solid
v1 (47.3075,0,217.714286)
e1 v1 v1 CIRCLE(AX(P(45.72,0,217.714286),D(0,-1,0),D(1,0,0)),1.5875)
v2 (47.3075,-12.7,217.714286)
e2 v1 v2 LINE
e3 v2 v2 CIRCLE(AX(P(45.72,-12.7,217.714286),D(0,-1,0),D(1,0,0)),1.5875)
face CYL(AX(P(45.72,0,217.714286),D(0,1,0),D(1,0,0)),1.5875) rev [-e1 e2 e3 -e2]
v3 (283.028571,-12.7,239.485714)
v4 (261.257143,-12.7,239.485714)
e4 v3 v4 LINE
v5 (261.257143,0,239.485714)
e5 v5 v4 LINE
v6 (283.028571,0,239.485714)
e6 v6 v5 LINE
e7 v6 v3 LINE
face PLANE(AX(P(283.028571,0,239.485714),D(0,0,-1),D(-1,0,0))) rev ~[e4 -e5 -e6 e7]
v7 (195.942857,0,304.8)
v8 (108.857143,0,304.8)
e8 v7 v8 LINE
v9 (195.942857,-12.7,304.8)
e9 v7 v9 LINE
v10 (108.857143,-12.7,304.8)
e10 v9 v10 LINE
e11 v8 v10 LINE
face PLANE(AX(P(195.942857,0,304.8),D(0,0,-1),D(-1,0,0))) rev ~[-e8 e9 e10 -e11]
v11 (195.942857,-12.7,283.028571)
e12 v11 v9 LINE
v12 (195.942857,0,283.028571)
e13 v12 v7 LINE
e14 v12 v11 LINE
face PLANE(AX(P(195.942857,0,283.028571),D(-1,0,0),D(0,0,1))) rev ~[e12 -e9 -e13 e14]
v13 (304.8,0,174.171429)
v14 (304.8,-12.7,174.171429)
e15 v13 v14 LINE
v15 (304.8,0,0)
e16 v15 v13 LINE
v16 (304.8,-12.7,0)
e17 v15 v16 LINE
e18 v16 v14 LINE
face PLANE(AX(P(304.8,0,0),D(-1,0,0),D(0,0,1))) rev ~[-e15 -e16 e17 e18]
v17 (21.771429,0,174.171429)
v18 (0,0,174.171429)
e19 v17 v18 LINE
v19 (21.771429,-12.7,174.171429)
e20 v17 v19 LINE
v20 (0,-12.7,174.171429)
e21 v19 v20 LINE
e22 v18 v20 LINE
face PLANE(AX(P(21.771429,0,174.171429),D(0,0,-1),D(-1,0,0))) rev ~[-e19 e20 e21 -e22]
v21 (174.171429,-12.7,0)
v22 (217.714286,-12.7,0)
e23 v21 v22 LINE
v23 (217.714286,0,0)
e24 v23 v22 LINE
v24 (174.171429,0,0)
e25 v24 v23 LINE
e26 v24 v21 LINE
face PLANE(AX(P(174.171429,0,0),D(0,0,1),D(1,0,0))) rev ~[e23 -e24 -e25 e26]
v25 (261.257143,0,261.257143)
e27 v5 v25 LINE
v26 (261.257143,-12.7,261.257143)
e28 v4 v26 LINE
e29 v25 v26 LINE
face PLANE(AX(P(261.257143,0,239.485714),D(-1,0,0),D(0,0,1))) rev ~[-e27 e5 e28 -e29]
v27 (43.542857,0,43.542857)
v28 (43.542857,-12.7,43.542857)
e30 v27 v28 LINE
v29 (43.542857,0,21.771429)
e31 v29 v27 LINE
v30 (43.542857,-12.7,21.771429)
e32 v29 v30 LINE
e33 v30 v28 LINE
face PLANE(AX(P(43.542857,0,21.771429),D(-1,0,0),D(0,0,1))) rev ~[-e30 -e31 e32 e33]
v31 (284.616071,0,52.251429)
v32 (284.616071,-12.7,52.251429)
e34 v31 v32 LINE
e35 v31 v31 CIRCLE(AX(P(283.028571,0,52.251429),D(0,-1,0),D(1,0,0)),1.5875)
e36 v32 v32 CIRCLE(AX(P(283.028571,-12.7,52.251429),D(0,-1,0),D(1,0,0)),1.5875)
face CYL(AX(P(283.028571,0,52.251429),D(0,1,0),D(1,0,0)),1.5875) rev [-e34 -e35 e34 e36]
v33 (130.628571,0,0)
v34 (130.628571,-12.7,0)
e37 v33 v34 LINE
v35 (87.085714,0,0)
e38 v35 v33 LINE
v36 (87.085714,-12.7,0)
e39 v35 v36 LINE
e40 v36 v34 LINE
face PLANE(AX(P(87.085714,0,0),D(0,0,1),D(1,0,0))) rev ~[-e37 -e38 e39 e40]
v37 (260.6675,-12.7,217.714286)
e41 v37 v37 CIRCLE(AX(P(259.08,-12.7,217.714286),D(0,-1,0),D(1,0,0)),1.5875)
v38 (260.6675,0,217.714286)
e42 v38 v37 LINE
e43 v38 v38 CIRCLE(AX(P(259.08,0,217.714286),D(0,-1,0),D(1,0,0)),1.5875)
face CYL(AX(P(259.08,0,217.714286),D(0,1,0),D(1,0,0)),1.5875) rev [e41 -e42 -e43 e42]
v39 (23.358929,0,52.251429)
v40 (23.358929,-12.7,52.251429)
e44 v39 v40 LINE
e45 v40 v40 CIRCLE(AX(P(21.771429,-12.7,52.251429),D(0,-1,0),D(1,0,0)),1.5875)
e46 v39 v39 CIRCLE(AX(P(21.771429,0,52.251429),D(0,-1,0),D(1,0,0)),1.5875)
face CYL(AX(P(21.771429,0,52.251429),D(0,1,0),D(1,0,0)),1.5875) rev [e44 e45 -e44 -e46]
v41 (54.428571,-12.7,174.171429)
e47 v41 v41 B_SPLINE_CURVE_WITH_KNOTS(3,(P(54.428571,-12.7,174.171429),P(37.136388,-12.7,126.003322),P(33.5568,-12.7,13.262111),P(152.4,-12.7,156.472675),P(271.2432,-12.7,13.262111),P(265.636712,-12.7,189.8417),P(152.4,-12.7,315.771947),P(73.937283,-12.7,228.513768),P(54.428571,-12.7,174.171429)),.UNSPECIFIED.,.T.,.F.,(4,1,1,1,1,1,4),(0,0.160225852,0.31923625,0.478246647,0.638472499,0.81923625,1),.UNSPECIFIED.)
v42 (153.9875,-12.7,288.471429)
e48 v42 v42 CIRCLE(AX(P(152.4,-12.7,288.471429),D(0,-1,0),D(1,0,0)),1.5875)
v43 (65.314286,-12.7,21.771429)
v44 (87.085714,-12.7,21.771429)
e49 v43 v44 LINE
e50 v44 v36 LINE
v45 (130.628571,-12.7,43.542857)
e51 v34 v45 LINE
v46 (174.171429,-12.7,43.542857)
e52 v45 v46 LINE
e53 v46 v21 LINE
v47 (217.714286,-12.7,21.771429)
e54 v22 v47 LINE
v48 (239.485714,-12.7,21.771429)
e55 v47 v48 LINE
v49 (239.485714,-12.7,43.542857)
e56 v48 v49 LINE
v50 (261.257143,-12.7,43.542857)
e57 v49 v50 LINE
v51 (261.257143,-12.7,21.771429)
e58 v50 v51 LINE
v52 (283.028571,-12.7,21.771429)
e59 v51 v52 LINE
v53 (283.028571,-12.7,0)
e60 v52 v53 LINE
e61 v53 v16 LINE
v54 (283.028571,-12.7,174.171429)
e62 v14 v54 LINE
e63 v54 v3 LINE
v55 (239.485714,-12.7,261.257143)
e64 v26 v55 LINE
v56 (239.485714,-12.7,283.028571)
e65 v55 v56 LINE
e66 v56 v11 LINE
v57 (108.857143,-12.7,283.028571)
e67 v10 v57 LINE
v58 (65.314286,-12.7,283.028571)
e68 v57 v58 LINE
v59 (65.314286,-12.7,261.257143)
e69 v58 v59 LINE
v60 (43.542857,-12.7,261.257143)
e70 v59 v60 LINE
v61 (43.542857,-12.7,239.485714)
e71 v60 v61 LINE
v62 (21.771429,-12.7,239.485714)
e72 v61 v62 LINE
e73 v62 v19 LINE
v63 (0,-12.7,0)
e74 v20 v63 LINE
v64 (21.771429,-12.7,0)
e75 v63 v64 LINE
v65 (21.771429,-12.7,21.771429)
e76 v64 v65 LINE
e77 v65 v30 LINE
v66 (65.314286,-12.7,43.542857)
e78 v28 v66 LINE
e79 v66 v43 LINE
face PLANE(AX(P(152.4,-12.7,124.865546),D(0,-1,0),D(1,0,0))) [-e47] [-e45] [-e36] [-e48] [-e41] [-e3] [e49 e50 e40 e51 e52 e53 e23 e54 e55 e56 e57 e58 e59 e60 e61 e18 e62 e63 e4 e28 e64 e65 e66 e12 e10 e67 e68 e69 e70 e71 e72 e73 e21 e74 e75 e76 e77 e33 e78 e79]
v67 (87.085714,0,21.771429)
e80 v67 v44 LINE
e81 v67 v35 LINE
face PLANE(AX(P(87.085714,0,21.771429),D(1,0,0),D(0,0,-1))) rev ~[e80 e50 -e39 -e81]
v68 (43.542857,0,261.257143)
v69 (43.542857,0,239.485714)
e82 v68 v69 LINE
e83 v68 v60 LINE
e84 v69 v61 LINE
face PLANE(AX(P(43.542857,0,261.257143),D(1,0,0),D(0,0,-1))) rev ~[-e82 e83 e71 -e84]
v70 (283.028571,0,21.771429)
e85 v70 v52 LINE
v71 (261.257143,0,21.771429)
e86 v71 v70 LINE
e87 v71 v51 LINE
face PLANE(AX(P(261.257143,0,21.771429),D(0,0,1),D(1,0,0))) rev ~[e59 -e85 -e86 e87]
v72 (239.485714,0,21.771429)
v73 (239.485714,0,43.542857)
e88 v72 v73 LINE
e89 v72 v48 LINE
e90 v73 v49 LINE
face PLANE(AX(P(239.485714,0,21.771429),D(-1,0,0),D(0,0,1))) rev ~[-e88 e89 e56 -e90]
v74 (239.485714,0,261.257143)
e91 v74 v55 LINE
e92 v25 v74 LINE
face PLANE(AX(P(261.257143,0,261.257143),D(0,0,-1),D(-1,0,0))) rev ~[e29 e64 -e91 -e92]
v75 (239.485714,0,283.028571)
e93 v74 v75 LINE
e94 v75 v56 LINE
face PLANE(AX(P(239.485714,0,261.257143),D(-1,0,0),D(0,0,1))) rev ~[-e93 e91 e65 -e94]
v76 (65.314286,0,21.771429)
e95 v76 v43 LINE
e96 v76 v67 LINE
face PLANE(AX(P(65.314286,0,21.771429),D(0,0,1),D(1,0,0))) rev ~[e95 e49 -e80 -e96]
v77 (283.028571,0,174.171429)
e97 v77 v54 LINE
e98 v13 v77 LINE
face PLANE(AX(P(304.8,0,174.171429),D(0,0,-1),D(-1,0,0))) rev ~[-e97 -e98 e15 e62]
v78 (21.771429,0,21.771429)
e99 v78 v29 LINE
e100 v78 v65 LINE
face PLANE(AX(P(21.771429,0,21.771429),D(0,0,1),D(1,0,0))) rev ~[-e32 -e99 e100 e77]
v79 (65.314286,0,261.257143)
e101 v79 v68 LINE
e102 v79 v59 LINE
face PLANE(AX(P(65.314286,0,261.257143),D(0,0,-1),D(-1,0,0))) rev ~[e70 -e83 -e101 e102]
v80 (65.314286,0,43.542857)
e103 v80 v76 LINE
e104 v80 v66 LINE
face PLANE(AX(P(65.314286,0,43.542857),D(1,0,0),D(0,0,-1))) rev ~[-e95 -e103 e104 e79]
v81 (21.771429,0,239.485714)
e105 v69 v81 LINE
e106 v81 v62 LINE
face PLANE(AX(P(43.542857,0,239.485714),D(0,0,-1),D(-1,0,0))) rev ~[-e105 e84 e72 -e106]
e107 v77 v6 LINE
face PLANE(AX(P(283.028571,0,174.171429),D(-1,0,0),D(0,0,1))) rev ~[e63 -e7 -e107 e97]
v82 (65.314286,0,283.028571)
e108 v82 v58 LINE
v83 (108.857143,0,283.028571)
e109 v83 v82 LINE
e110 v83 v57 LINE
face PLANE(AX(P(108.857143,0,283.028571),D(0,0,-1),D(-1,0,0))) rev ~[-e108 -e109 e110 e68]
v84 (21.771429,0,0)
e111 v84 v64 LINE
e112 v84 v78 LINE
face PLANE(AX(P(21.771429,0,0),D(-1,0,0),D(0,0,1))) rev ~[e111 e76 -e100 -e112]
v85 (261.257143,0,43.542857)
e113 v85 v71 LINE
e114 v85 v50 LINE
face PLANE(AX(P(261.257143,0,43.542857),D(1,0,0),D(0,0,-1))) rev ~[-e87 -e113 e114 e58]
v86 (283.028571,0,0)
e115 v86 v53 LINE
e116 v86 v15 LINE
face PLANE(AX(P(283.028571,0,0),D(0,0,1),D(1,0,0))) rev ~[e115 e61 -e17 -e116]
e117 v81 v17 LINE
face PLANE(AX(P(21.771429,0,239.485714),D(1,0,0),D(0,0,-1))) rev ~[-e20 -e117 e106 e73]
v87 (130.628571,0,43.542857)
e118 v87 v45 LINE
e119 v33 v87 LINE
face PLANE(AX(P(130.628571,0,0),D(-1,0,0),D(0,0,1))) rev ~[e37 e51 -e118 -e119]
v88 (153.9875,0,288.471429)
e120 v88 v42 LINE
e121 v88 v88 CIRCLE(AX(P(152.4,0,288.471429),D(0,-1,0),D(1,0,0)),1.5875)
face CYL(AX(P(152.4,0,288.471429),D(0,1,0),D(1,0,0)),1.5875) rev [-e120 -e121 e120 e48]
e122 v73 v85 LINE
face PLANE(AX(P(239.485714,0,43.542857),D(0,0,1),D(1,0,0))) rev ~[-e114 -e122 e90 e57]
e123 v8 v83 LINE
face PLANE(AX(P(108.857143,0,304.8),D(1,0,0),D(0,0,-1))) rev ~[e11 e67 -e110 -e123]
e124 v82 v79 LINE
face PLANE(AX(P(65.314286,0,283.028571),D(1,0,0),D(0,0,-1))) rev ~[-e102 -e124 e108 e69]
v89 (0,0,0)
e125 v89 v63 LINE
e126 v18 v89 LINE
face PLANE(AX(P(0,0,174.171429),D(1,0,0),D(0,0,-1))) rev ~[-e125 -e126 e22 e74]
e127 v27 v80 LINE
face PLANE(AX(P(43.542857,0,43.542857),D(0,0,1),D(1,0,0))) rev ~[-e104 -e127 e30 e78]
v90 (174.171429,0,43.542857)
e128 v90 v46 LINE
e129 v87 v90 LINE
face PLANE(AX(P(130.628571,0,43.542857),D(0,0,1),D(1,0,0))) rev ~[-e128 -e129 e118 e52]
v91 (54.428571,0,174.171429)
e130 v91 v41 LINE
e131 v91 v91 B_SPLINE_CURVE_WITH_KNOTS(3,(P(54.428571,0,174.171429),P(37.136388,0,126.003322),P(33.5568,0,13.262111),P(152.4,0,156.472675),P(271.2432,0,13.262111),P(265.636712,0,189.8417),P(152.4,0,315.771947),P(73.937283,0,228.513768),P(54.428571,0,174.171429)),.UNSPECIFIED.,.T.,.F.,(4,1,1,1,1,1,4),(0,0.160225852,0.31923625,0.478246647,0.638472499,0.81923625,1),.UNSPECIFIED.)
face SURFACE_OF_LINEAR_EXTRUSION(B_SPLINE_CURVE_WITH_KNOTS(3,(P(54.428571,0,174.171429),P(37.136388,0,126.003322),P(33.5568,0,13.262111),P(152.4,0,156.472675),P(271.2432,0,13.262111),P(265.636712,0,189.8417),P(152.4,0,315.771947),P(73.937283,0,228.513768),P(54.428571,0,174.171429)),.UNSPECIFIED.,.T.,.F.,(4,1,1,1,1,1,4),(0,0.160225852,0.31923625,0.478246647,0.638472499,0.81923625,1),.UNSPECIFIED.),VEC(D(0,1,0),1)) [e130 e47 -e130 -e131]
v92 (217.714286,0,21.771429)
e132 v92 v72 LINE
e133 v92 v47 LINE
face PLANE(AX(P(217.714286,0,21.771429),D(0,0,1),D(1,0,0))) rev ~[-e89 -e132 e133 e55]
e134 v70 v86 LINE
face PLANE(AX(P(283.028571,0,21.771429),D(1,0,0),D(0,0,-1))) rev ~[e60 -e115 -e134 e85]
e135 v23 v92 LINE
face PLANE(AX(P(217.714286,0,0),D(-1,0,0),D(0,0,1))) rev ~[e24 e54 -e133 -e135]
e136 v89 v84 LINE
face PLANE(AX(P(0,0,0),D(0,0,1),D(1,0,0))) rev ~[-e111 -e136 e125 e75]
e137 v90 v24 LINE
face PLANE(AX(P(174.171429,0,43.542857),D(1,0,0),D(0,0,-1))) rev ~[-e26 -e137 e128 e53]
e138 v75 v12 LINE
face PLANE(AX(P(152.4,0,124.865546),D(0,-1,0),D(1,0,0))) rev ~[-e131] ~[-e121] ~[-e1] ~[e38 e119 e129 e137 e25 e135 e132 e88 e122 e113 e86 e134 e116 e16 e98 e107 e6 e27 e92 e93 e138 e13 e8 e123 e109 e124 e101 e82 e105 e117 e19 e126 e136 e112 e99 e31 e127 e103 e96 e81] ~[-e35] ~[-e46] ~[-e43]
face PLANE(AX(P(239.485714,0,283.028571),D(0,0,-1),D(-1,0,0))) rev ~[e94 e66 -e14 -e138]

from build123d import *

# Parameters (mm, degrees)
F0_R     = 1.5875
F1_DEPTH = 12.7


with BuildPart() as f1:
    # F0 (on Front) → F1 (new body)
    with BuildSketch(Plane.XZ):
        Polygon((0, 174.1714285714), (0, 0), (21.7714285714, 0), (21.7714285714, 21.7714285714), (43.5428571429, 21.7714285714), (43.5428571429, 43.5428571429), (65.3142857143, 43.5428571429), (65.3142857143, 21.7714285714), (87.0857142857, 21.7714285714), (87.0857142857, 0), (130.6285714286, 0), (130.6285714286, 43.5428571429), (174.1714285714, 43.5428571429), (174.1714285714, 0), (217.7142857143, 0), (217.7142857143, 21.7714285714), (239.4857142857, 21.7714285714), (239.4857142857, 43.5428571429), (261.2571428571, 43.5428571429), (261.2571428571, 21.7714285714), (283.0285714286, 21.7714285714), (283.0285714286, 0), (304.8, 0), (304.8, 174.1714285714), (283.0285714286, 174.1714285714), (283.0285714286, 239.4857142857), (261.2571428571, 239.4857142857), (261.2571428571, 261.2571428571), (239.4857142857, 261.2571428571), (239.4857142857, 283.0285714286), (195.9428571429, 283.0285714286), (195.9428571429, 304.8), (108.8571428571, 304.8), (108.8571428571, 283.0285714286), (65.3142857143, 283.0285714286), (65.3142857143, 261.2571428571), (43.5428571429, 261.2571428571), (43.5428571429, 239.4857142857), (21.7714285714, 239.4857142857), (21.7714285714, 174.1714285714), align=None)
        with Locations((21.7714285714, 52.2514285714)):
            Circle(F0_R, mode=Mode.SUBTRACT)
        with Locations((283.0285714286, 52.2514285714)):
            Circle(F0_R, mode=Mode.SUBTRACT)
        with Locations((45.72, 217.7142857143)):
            Circle(F0_R, mode=Mode.SUBTRACT)
        with BuildLine():
            add(Edge.make_bspline(
                [(54.4285714286, 174.1714285714), (37.1363879606, 126.0033221639), (33.5567995885, 13.2621109438), (152.4, 156.4726753862), (271.2432004115, 13.2621109438), (265.6367124625, 189.8416995307), (152.4, 315.771946731), (73.9372830193, 228.5137675547), (54.4285714286, 174.1714285714)],
                knots=[0, 0, 0, 0, 0.160225852, 0.3192362496, 0.4782466471, 0.6384724991, 0.8192362496, 1, 1, 1, 1], degree=3))
        make_face(mode=Mode.SUBTRACT)
        with Locations((259.08, 217.7142857143)):
            Circle(F0_R, mode=Mode.SUBTRACT)
        with Locations((152.4, 288.4714285714)):
            Circle(F0_R, mode=Mode.SUBTRACT)
    extrude(amount=F1_DEPTH)


solid = f1.part
